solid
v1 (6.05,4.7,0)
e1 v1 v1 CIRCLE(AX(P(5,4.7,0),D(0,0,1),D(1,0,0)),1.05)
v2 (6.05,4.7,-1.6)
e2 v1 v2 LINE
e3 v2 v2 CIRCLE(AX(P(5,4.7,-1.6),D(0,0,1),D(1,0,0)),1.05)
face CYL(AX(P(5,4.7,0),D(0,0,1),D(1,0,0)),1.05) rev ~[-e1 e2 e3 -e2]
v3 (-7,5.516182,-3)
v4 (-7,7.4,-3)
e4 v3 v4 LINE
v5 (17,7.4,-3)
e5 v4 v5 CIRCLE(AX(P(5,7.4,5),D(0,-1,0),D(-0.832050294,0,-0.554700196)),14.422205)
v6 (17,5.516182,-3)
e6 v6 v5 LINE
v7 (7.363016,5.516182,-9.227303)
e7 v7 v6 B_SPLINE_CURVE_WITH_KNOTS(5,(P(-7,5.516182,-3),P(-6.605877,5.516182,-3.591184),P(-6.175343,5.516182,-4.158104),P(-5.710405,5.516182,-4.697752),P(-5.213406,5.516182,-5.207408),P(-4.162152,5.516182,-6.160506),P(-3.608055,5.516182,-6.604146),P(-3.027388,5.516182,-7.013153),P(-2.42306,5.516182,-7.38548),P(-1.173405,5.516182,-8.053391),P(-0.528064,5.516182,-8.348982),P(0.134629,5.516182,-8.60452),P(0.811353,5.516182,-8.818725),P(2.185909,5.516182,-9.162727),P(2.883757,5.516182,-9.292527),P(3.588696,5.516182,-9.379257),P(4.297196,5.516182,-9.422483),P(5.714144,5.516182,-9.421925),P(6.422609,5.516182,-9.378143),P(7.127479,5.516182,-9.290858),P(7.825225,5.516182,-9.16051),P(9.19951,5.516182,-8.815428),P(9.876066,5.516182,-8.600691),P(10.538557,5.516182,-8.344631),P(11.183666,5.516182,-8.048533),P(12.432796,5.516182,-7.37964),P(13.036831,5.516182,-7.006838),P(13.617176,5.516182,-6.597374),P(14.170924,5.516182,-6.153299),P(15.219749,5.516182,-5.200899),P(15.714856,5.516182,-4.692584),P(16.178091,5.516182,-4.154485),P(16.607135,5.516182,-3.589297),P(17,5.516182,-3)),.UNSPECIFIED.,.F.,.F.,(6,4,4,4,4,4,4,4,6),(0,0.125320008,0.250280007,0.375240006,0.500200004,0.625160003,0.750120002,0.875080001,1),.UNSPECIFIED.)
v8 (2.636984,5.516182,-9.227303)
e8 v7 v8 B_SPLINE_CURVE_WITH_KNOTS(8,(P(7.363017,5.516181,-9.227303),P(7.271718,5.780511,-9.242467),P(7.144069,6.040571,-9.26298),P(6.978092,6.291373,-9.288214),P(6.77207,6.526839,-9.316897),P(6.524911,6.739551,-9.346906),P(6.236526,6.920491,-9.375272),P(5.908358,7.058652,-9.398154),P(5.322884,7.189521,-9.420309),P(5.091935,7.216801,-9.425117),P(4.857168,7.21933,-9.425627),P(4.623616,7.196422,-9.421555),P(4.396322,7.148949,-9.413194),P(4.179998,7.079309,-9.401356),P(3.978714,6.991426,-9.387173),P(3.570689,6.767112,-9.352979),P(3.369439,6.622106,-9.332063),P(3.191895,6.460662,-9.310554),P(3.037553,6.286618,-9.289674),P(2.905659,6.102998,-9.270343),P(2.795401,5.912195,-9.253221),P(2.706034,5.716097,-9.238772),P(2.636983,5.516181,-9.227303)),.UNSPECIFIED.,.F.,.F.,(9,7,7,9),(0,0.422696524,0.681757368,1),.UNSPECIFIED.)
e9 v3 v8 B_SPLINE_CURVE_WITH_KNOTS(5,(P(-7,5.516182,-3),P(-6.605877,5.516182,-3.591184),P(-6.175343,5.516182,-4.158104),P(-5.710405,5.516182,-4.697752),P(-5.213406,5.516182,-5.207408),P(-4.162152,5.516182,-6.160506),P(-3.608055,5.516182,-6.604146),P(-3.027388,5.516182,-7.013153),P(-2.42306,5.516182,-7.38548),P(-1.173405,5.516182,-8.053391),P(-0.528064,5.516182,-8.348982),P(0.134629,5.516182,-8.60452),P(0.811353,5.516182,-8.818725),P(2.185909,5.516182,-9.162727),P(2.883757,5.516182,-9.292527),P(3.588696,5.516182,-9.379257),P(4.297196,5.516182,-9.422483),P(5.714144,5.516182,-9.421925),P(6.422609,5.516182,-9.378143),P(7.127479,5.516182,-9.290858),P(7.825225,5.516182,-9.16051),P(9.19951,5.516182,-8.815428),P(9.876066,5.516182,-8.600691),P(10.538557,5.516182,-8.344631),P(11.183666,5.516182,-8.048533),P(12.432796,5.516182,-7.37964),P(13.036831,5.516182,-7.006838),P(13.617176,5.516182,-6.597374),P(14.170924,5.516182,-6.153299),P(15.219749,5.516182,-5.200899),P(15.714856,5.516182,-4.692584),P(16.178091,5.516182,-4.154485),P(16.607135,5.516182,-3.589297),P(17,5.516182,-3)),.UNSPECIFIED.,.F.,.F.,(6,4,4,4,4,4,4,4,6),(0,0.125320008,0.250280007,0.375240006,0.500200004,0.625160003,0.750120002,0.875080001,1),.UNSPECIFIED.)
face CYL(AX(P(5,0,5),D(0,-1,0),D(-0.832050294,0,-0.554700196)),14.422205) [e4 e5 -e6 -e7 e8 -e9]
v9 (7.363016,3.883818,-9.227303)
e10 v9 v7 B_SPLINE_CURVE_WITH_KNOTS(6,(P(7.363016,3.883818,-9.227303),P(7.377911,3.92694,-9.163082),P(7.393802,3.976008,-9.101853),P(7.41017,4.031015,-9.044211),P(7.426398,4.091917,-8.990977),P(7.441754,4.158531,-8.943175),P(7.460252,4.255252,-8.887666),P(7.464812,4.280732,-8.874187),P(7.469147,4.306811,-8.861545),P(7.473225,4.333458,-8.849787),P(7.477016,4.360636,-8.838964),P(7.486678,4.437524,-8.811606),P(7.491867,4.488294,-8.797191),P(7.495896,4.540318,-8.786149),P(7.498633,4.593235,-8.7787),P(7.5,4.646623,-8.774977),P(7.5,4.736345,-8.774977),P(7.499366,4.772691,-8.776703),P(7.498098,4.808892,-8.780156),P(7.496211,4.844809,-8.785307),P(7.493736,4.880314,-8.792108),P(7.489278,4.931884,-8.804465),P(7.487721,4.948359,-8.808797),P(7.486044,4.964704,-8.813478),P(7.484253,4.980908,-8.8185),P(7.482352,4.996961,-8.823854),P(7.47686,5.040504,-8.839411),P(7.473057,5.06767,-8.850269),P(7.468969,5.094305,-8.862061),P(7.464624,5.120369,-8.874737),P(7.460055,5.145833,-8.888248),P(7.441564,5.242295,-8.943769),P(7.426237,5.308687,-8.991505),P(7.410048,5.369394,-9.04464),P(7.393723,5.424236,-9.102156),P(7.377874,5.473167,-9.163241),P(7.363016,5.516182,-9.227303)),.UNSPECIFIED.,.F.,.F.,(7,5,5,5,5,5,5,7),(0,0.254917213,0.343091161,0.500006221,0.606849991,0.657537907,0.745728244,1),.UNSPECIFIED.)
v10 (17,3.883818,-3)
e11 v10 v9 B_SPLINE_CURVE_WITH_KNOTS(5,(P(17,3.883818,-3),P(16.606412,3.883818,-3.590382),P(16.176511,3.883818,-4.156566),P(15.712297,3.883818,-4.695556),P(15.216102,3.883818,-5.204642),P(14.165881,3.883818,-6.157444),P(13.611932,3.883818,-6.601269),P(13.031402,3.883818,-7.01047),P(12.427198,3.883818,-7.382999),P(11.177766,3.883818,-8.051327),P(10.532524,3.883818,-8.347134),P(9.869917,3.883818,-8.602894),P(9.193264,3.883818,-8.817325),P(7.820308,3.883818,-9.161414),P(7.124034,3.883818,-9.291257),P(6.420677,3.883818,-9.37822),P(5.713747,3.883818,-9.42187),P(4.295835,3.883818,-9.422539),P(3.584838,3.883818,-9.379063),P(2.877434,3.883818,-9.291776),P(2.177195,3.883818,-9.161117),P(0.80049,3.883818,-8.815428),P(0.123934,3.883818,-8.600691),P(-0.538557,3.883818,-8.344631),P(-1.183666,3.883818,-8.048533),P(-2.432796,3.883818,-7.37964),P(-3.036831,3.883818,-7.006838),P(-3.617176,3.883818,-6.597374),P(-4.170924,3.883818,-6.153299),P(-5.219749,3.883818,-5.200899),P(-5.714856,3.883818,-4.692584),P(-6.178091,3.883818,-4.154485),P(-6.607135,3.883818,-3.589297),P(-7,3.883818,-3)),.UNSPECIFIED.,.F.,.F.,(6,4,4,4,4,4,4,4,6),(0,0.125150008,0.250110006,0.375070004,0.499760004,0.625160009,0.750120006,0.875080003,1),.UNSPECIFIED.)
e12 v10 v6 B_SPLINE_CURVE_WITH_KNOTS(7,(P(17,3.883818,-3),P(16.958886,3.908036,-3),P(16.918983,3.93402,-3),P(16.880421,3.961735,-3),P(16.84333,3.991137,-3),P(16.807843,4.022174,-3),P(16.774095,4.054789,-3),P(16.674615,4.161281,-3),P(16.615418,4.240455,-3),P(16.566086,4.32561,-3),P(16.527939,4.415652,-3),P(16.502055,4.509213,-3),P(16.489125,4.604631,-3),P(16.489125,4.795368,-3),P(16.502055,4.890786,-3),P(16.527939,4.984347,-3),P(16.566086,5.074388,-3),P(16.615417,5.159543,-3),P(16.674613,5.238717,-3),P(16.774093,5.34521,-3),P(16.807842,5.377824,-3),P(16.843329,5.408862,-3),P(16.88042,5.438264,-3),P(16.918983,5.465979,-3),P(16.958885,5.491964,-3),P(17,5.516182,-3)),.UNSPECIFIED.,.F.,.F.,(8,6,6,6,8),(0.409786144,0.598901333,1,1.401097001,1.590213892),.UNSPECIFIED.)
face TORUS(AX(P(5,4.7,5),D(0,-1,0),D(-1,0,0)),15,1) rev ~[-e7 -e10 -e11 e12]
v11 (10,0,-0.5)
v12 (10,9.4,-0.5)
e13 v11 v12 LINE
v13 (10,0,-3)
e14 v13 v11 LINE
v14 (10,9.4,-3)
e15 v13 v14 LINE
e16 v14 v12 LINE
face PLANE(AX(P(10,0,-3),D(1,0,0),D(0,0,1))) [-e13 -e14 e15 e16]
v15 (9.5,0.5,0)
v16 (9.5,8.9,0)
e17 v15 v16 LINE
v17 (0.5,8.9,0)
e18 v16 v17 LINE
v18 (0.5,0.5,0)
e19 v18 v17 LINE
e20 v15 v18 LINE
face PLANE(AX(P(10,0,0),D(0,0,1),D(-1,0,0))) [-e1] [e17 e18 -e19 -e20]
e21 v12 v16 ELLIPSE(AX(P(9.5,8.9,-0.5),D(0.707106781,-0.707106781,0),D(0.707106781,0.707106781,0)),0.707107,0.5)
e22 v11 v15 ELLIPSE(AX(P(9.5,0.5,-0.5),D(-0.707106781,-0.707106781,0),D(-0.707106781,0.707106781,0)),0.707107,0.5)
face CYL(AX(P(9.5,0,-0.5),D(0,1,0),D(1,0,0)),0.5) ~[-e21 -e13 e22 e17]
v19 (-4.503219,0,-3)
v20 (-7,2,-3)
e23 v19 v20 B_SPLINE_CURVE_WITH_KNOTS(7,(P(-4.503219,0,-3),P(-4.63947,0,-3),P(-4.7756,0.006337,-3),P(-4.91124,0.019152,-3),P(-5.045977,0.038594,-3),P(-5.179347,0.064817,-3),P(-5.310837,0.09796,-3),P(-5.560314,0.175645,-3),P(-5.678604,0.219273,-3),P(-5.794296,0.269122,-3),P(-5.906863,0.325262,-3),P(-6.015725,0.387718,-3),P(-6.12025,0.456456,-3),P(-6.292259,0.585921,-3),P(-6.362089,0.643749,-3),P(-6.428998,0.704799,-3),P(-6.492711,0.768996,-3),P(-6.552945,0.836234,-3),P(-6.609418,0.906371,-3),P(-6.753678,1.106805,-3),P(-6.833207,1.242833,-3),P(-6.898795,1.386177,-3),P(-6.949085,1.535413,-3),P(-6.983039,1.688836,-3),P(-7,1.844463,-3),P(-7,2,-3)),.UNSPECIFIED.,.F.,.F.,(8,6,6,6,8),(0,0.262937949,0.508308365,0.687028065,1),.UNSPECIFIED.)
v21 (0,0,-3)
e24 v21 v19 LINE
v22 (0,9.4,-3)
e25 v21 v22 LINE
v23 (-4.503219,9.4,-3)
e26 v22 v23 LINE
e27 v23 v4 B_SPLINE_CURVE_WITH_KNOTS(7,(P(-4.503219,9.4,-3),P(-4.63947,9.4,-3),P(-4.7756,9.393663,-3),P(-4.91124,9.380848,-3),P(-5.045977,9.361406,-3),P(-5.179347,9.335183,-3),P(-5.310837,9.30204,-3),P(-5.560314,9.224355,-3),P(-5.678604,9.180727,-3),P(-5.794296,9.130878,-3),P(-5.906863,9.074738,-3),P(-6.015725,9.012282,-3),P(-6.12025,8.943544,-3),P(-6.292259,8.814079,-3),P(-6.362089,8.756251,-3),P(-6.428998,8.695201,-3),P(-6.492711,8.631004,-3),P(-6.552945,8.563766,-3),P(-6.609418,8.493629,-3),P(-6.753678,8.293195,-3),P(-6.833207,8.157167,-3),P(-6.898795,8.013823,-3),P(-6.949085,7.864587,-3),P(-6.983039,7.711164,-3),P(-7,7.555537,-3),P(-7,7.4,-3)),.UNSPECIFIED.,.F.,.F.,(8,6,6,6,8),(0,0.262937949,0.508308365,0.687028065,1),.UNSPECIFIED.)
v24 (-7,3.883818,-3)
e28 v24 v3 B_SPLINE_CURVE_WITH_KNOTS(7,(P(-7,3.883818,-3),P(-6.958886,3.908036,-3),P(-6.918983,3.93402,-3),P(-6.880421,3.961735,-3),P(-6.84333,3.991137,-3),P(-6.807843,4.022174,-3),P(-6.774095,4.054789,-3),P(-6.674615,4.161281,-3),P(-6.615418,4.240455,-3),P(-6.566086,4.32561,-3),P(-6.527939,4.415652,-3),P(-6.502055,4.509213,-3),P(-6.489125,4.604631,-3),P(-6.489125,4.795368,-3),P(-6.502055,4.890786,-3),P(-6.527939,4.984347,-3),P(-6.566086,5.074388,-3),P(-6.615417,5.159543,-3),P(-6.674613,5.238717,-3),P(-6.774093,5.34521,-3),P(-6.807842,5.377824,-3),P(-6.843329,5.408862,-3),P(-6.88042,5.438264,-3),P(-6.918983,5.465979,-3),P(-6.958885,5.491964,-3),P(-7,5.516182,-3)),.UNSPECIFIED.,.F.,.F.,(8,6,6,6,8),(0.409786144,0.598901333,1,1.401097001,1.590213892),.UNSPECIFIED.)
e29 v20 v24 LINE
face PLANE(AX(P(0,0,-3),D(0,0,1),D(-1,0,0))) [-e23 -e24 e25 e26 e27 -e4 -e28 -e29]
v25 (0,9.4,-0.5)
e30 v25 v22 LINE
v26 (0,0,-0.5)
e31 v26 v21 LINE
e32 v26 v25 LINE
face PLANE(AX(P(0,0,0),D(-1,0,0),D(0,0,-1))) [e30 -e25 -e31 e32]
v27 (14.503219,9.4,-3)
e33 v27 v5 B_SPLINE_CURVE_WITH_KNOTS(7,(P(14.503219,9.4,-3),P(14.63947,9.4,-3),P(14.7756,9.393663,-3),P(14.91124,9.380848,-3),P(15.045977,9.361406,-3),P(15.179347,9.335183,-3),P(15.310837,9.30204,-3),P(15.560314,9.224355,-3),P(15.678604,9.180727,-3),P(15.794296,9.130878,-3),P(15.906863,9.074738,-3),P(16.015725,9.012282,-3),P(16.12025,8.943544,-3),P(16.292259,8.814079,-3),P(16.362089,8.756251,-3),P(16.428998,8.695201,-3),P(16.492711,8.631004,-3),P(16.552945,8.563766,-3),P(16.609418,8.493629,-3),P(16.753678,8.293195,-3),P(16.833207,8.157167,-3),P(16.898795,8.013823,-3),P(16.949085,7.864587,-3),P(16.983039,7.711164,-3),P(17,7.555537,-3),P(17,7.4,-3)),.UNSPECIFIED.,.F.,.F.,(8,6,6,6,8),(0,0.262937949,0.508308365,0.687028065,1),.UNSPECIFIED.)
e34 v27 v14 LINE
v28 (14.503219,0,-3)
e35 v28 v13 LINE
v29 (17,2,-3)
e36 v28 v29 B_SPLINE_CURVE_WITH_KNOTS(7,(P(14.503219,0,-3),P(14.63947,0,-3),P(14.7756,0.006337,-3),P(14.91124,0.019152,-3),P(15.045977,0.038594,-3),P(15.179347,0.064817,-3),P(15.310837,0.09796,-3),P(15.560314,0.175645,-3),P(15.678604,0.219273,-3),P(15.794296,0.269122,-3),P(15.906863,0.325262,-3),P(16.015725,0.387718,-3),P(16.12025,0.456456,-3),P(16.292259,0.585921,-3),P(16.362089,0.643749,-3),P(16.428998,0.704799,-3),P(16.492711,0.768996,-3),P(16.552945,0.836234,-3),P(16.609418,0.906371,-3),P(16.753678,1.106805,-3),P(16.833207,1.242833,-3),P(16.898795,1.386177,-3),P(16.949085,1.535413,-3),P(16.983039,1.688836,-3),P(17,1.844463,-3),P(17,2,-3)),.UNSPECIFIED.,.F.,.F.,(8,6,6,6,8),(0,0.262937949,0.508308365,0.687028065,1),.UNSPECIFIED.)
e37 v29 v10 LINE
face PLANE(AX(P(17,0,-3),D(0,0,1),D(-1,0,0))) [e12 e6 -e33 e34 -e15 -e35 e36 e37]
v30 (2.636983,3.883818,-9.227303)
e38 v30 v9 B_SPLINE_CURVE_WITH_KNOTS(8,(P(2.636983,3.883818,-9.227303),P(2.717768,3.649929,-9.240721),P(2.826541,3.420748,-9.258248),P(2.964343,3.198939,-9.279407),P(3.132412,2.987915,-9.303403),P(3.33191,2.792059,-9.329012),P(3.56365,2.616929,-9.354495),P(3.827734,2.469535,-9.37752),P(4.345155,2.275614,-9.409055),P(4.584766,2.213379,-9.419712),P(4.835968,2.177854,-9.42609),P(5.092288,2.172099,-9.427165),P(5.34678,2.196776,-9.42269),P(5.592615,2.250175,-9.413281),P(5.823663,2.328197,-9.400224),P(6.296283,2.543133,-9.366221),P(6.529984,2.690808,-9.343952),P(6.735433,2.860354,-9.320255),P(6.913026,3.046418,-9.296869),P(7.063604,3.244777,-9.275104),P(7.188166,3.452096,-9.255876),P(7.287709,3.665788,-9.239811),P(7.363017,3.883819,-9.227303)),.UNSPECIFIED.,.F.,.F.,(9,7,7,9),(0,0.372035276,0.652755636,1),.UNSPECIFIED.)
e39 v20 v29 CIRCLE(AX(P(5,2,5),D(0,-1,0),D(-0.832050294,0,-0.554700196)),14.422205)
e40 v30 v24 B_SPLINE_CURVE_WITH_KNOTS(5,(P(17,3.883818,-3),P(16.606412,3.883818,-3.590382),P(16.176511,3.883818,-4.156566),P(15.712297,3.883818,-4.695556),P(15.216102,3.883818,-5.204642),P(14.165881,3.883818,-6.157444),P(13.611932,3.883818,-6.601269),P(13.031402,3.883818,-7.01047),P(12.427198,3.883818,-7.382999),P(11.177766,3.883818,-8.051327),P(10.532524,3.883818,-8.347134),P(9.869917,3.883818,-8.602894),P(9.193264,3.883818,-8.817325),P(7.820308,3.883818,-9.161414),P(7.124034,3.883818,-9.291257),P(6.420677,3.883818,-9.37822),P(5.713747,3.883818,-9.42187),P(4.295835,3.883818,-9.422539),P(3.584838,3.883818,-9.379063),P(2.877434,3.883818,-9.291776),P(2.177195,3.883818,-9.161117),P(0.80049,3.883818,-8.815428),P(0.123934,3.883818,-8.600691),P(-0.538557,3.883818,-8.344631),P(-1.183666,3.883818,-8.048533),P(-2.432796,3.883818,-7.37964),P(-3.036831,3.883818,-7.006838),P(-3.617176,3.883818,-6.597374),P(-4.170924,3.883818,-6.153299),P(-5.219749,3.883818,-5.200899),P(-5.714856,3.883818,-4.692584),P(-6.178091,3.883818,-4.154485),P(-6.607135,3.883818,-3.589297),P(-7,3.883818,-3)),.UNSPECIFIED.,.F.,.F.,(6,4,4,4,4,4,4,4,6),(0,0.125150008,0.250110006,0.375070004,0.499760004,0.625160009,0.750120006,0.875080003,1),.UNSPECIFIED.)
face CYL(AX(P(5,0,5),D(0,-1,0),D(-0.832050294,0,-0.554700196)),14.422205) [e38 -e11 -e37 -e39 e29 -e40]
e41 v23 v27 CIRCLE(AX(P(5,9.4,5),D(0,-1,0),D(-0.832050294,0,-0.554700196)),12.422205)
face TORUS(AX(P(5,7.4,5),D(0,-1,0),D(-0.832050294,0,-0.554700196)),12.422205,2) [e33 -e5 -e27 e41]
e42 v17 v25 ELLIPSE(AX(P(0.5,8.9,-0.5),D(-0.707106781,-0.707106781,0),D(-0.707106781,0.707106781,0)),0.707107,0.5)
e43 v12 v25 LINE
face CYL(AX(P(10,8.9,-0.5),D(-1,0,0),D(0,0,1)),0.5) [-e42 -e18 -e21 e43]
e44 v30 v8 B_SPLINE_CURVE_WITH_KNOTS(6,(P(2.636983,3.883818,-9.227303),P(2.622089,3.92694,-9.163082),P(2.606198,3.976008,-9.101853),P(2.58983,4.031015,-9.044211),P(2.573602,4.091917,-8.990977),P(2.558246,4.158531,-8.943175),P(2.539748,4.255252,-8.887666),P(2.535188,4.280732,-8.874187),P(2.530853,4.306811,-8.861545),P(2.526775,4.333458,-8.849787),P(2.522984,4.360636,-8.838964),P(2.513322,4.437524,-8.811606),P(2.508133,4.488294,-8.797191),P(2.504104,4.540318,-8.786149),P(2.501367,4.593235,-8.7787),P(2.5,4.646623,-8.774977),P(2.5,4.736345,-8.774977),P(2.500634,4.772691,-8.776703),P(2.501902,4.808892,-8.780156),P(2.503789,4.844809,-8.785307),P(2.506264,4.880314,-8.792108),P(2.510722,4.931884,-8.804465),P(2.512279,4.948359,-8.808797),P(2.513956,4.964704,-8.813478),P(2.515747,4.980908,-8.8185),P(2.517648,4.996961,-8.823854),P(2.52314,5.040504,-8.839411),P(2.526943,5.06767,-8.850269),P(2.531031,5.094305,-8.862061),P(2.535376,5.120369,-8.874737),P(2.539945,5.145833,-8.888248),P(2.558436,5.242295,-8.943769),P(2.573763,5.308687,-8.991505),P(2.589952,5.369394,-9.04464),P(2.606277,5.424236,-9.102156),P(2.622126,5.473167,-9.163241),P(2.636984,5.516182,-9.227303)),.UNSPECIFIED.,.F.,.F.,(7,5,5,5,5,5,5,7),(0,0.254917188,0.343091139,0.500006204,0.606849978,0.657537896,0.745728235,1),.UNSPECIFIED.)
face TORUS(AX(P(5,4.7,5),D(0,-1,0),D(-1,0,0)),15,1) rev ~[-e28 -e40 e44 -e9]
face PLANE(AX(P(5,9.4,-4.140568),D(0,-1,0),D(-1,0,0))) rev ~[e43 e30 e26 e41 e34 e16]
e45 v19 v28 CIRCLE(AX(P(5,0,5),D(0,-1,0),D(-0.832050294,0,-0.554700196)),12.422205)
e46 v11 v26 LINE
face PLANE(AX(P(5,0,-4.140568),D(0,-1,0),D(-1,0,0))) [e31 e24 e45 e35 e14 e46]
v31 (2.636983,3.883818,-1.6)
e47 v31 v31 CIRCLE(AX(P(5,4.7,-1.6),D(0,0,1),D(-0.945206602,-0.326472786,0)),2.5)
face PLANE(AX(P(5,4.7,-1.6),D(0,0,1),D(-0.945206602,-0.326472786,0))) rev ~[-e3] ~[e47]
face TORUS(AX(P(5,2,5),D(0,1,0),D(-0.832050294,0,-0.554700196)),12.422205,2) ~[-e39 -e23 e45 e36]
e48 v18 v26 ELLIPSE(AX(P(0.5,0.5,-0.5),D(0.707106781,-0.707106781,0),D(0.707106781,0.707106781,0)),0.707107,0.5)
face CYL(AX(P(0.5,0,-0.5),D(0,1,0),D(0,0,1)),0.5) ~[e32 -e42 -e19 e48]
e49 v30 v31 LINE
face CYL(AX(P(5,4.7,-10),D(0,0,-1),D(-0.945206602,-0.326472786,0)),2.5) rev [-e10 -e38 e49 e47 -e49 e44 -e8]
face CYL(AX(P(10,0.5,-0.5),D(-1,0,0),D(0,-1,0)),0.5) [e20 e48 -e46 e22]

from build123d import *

# Parameters (mm, degrees)
BOSS_EXTRU_2_DEPTH      = 9.4
ESQUISSE13_R            = 1
ESQUISSE14_R            = 1.05
ENL_V_MAT_EXTRU_1_DEPTH = 22.590228256
ESQUISSE15_R            = 2.5
ENL_V_MAT_EXTRU_2_DEPTH = 8.4
CONG_2_R                = 0.5
CONG_3_R                = 2


with BuildPart() as part:
    # Esquisse1 → Boss.-Extru.2 (new body)
    with BuildSketch(Plane(origin=(0, 0, 0), x_dir=(1, 0, 0), z_dir=(0, 1, 0))):
        with BuildLine():
            ThreePointArc((-7, 3), (5, 9.422205102), (17, 3))
            Line((17, 3), (10, 3))
            Line((10, 3), (10, 0))
            Line((10, 0), (0, 0))
            Line((0, 0), (0, 3))
            Line((0, 3), (-7, 3))
        make_face()
    extrude(amount=BOSS_EXTRU_2_DEPTH)

    # Esquisse13 → Enlèvement de matière-Révolution4 (revolve, cut)
    with BuildSketch(Plane.XY.offset(5)):
        with Locations((-10, 4.7)):
            Circle(ESQUISSE13_R)
    revolve(axis=Axis((5, 9.4, 5), (0, -1, 0)), mode=Mode.SUBTRACT)

    # Esquisse14 → Enlèv. mat.-Extru.1 (cut, through all)
    with BuildSketch(Plane.XY):
        with Locations((5, 4.7)):
            Circle(ESQUISSE14_R)
    extrude(amount=-ENL_V_MAT_EXTRU_1_DEPTH, mode=Mode.SUBTRACT)

    # Esquisse15 → Enlèv. mat.-Extru.2 (cut)
    with BuildSketch(Plane.XY.offset(-10)):
        with Locations(Location((5, 4.7, 0), (0, 0, 199.054827186))):
            Circle(ESQUISSE15_R)
    extrude(amount=ENL_V_MAT_EXTRU_2_DEPTH, mode=Mode.SUBTRACT)

    # Congé2
    cong_2_edges = [part.edges().sort_by_distance(p)[0] for p in [
        (10, 4.7, 0),
        (0, 4.7, 0),
        (5, 9.4, 0),
        (5, 0, 0),
    ]]
    fillet(cong_2_edges, radius=CONG_2_R)

    # Congé3
    cong_3_edges = [part.edges().sort_by_distance(p)[0] for p in [
        (5, 0, -9.422205102),
        (5, 9.4, -9.422205102),
    ]]
    fillet(cong_3_edges, radius=CONG_3_R)


solid = part.part
